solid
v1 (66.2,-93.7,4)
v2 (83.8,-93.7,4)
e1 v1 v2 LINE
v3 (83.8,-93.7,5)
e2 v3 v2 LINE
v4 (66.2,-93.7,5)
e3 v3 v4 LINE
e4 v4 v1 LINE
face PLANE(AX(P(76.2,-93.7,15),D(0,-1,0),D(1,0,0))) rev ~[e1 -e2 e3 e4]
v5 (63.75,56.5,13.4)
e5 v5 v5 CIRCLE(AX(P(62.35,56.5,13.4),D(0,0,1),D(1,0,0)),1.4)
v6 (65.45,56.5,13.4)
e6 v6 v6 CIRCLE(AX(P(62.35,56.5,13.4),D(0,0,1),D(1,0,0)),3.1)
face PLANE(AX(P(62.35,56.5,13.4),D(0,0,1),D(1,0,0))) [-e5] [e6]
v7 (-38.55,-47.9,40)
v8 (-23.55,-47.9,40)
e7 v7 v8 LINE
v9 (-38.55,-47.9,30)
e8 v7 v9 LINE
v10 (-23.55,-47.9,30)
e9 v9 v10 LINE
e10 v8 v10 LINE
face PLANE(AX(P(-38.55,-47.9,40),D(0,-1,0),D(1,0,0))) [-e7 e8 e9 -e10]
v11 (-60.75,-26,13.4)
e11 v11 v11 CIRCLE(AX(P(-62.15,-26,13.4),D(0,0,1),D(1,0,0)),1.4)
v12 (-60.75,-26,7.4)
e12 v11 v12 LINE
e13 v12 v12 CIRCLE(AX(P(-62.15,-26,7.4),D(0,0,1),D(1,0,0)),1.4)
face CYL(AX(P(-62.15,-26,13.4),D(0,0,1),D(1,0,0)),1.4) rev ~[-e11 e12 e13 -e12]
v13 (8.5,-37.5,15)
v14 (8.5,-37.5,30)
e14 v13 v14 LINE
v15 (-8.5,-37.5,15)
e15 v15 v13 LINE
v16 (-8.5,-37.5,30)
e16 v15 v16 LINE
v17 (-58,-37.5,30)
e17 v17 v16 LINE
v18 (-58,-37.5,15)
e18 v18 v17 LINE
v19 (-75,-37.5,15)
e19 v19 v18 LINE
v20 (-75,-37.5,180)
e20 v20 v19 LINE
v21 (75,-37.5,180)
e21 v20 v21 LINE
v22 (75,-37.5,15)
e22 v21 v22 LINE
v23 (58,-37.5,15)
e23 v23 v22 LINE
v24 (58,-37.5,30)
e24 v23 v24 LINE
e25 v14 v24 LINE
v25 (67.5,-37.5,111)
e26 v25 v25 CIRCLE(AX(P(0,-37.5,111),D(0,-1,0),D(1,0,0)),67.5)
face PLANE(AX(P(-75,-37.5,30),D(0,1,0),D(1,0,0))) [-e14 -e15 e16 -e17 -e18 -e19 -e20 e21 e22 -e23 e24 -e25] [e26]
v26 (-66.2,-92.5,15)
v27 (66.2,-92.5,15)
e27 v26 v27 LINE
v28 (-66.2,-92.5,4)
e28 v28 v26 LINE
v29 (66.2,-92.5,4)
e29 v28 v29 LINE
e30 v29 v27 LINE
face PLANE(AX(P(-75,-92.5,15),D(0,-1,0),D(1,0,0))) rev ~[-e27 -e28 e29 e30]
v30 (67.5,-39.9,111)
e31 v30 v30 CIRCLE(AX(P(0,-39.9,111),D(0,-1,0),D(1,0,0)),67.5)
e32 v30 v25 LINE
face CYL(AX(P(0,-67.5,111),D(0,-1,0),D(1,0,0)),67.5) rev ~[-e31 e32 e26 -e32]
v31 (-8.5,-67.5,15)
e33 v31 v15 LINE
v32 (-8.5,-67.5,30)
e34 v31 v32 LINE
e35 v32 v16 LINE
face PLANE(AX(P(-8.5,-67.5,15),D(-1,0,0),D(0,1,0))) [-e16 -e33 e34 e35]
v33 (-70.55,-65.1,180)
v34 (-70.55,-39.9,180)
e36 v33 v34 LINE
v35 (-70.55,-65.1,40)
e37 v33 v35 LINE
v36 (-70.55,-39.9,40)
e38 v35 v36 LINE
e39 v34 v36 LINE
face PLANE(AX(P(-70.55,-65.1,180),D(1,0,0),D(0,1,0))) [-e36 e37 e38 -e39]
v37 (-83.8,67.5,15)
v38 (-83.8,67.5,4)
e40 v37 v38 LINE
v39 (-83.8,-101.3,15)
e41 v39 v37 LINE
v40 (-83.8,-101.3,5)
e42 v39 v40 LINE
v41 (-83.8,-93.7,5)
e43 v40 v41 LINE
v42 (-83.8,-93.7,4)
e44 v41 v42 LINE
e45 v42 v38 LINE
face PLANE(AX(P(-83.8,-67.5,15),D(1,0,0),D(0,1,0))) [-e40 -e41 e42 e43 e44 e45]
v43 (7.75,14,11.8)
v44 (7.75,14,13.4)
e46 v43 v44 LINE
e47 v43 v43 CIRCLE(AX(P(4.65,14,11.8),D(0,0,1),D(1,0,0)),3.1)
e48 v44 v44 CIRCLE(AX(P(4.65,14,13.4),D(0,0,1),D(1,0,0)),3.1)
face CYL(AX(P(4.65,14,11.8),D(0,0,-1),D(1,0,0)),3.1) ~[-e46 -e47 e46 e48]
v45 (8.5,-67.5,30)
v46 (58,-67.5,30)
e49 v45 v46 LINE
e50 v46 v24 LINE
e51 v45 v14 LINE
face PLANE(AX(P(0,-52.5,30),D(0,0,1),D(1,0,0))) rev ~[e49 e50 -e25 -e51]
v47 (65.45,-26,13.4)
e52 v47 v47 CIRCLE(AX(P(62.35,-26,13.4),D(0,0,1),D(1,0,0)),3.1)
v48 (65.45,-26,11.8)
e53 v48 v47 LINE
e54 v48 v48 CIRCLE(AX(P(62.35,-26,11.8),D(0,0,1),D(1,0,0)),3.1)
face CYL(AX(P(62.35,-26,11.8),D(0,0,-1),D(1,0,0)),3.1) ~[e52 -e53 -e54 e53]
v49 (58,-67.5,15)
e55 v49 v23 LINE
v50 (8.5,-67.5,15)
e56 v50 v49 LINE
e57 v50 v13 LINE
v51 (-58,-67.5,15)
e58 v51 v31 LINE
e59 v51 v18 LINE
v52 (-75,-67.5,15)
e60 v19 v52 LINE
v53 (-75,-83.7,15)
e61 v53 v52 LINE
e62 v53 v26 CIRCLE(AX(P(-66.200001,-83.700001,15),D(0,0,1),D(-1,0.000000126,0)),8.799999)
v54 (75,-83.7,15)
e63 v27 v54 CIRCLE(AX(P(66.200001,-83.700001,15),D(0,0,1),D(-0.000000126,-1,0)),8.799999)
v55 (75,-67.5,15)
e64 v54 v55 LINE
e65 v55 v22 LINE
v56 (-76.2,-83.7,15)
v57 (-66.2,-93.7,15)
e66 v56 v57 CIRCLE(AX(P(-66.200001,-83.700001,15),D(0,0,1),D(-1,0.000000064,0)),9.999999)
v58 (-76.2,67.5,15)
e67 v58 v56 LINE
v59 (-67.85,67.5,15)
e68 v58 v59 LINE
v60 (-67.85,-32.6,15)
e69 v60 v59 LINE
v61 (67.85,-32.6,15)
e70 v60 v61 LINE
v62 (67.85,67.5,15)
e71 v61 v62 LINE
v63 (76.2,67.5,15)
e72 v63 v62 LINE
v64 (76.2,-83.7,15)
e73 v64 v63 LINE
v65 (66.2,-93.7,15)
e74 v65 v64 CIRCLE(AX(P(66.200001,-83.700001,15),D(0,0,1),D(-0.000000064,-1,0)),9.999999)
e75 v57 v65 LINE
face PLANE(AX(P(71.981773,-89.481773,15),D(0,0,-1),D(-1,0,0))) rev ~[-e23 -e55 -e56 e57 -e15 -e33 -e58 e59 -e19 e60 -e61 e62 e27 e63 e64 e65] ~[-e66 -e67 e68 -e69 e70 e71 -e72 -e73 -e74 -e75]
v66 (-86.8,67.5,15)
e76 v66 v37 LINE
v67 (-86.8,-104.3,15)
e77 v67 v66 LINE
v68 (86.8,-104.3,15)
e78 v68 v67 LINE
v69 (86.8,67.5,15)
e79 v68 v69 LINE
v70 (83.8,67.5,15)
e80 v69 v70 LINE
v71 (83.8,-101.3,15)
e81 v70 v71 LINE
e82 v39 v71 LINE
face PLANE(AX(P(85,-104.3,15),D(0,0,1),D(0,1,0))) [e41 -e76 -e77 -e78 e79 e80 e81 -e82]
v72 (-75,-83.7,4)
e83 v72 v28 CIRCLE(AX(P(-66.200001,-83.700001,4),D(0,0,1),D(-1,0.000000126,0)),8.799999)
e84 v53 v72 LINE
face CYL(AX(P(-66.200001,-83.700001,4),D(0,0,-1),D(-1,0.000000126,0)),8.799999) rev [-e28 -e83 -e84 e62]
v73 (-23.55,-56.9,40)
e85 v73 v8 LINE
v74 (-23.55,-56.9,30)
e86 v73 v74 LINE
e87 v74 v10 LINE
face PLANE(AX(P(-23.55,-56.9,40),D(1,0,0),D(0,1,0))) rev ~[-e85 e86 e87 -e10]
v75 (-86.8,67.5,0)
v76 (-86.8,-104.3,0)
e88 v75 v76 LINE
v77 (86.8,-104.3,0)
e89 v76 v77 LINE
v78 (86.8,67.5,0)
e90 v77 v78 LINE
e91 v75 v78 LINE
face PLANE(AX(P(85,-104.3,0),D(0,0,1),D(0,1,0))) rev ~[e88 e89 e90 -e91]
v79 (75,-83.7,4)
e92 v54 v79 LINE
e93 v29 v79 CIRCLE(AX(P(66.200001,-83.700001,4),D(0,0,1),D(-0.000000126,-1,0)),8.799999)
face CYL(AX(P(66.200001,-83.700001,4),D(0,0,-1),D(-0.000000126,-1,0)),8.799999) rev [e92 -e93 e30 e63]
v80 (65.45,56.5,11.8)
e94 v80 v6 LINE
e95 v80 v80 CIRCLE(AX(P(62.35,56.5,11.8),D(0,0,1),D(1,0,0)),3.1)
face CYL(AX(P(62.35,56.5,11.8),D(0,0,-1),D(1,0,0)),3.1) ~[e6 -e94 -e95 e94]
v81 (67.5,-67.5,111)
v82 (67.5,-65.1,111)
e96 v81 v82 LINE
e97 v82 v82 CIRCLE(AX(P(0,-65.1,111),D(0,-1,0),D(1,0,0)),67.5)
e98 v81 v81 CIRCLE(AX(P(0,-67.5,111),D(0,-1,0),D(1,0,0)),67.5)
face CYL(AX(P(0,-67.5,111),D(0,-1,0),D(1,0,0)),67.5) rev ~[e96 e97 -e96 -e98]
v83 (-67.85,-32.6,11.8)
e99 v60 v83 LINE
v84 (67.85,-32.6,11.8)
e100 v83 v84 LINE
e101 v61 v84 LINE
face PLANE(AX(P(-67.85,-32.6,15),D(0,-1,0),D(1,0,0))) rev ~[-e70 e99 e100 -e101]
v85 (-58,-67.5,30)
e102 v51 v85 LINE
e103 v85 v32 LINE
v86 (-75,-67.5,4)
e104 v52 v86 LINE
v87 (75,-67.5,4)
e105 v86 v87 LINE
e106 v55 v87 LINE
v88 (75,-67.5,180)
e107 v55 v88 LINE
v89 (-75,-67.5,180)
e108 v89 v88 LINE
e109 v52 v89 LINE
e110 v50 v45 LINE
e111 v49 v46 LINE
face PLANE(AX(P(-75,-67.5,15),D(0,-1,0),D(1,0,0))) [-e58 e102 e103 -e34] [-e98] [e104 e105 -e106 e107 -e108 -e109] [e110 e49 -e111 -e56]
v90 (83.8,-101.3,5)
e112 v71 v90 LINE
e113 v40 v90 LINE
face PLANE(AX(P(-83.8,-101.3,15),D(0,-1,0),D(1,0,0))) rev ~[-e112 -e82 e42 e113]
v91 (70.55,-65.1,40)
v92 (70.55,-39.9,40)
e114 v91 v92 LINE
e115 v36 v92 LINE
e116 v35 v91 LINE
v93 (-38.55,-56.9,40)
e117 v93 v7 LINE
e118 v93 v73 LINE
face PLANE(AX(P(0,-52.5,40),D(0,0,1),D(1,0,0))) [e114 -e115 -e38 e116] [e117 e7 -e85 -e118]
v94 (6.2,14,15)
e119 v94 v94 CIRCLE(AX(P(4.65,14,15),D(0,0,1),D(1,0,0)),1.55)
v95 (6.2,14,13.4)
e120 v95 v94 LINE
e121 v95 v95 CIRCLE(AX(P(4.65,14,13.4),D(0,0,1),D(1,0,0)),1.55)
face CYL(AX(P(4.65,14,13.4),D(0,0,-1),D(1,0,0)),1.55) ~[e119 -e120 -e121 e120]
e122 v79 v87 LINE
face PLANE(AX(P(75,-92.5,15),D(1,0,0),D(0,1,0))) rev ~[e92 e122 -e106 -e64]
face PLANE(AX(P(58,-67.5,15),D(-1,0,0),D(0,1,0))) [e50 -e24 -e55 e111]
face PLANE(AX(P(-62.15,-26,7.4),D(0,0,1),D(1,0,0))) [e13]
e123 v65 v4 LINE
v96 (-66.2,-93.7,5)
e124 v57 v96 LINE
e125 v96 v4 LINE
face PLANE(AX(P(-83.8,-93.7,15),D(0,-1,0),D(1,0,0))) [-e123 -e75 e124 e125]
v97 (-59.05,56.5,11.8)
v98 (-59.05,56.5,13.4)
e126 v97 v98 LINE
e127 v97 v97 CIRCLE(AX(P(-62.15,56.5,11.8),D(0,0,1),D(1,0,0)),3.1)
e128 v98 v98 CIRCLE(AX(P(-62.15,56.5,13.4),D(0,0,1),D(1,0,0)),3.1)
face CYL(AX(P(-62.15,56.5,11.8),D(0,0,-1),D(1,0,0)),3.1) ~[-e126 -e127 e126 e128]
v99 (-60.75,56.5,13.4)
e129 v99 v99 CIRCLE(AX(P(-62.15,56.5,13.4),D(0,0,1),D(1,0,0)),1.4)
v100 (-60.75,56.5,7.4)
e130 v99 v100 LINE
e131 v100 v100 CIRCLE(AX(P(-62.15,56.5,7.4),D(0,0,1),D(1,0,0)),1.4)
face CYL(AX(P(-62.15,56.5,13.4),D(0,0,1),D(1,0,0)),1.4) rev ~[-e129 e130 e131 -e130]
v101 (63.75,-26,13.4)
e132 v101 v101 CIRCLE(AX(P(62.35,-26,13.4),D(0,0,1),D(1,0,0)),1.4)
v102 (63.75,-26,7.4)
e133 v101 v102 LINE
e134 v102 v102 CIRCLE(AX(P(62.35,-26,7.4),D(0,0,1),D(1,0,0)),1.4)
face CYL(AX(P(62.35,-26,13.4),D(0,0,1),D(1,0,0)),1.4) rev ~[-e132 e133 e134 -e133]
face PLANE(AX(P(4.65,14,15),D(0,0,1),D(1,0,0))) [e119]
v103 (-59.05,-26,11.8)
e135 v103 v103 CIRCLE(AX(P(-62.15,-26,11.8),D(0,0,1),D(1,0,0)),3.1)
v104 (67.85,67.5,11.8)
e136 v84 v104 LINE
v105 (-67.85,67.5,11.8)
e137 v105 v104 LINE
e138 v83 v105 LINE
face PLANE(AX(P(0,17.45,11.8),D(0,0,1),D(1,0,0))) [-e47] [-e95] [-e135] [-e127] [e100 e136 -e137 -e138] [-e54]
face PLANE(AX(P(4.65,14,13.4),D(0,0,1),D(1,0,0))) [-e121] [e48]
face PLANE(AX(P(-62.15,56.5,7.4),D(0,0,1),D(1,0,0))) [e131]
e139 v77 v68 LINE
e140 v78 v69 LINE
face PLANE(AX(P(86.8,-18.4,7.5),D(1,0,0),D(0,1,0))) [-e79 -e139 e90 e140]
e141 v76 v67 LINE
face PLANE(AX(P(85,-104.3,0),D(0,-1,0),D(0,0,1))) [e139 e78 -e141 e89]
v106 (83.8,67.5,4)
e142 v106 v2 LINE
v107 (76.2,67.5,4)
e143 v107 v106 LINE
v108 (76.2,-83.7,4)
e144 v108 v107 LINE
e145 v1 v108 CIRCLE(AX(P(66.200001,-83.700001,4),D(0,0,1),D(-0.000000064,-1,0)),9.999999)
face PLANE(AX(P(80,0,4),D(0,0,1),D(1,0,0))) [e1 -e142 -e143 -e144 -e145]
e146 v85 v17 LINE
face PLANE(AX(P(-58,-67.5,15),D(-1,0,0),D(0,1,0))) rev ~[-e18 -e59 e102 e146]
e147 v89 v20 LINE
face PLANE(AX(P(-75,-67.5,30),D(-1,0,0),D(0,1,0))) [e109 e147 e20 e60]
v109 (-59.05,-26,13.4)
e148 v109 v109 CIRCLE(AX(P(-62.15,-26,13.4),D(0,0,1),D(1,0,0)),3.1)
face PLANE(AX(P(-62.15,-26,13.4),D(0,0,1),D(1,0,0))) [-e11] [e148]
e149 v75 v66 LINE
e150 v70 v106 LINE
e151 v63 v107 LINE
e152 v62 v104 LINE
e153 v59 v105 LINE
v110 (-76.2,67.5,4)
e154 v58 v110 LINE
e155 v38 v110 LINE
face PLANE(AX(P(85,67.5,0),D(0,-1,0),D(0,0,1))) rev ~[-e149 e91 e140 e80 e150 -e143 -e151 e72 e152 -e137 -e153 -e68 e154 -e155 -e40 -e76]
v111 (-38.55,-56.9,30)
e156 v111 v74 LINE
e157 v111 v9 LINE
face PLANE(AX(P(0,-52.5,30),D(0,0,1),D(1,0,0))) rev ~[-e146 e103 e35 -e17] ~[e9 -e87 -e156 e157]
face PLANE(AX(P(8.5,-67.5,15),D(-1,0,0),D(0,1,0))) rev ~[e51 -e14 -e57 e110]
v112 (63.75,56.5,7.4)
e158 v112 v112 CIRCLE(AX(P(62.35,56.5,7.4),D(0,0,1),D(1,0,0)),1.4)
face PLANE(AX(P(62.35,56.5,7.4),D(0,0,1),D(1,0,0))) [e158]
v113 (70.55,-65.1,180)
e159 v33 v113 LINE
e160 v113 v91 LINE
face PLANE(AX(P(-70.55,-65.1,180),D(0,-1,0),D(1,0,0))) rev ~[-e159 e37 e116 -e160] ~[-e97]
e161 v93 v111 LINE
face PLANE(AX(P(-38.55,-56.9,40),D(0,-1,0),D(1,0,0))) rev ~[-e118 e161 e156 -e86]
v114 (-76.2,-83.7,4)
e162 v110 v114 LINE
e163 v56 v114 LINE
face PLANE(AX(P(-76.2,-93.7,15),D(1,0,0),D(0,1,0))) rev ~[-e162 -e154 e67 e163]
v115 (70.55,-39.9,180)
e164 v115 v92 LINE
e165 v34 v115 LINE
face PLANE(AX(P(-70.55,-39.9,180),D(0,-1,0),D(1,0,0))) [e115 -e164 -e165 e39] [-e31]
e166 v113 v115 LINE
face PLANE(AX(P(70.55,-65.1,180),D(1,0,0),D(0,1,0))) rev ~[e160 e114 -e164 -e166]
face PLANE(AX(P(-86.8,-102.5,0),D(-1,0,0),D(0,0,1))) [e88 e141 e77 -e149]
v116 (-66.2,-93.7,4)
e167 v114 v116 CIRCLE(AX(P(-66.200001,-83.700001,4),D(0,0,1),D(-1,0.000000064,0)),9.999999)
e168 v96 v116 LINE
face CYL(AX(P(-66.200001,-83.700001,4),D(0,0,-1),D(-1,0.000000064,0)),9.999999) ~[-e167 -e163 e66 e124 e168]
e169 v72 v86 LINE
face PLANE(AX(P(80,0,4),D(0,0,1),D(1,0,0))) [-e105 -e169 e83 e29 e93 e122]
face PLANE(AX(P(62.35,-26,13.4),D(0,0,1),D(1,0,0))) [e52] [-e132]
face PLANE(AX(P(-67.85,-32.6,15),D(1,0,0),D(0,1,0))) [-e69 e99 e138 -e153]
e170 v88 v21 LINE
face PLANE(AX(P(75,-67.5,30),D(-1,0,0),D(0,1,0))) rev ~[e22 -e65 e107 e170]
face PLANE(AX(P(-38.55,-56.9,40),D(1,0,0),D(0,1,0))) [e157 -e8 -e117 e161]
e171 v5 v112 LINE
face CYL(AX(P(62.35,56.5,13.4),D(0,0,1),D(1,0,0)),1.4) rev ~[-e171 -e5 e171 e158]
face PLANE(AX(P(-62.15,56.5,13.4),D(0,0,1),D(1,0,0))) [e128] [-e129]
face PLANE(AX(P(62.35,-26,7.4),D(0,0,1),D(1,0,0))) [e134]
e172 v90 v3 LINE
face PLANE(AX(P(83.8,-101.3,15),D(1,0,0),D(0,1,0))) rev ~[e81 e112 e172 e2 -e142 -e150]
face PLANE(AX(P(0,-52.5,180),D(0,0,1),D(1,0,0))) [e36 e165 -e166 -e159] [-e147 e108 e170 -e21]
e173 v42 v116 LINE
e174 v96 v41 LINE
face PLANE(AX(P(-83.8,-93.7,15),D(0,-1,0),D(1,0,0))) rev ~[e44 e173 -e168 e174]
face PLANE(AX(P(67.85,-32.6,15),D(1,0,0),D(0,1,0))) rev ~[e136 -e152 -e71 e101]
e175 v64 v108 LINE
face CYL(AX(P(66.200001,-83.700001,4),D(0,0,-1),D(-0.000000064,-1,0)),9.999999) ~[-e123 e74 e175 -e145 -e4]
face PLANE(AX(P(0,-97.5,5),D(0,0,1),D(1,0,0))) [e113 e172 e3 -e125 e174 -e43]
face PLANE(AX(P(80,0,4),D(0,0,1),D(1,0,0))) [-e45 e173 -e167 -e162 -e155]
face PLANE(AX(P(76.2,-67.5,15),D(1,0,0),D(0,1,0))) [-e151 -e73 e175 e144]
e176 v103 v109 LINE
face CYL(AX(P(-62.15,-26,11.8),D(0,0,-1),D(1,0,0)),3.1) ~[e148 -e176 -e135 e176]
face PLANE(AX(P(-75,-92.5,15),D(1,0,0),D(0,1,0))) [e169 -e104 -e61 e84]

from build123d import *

# Parameters (mm, degrees)
SKETCH_W        = 150
SKETCH_H        = 135
PAD_DEPTH       = 15
SKETCH001_W     = 17
SKETCH001_H     = 30
PAD001_DEPTH    = 15
SKETCH002_W     = 150
SKETCH002_H     = 30
PAD002_DEPTH    = 150
SKETCH003_W     = 141.1
SKETCH003_H     = 25.2
POCKET_DEPTH    = 140
SKETCH004_W     = 15
SKETCH004_H     = 9
POCKET001_DEPTH = 10
SKETCH005_R     = 67.5
POCKET002_DEPTH = 30
SKETCH006_W     = 135.7
SKETCH006_H     = 100.1
POCKET003_DEPTH = 3.2
SKETCH007_R     = 3.1
PAD003_DEPTH    = 1.6
SKETCH008_R     = 1.4
POCKET004_DEPTH = 6
SKETCH009_R     = 1.55
PAD004_DEPTH    = 1.6
SKETCH010_W     = 135
SKETCH010_H     = 15
PAD005_DEPTH    = 10
SKETCH011_W     = 135
SKETCH011_H     = 15
PAD006_DEPTH    = 10
SKETCH012_W     = 7.6
SKETCH012_H     = 135
POCKET005_DEPTH = 11
SKETCH013_W     = 170
SKETCH013_H     = 15
PAD007_DEPTH    = 35
SKETCH014_W     = 150
SKETCH014_H     = 25
POCKET006_DEPTH = 11
SKETCH015_W     = 7.6
SKETCH015_H     = 26.2
POCKET007_DEPTH = 11
SKETCH016_W     = 167.6
SKETCH016_H     = 7.6
POCKET008_DEPTH = 10
SKETCH017_W     = 10
SKETCH017_H     = 10
POCKET009_DEPTH = 11
PAD008_DEPTH    = 11
SKETCH019_W     = 170
SKETCH019_H     = 15
PAD009_DEPTH    = 1.8
SKETCH020_W     = 171.8
SKETCH020_H     = 15
PAD010_DEPTH    = 1.8
SKETCH021_W     = 171.8
SKETCH021_H     = 15
PAD011_DEPTH    = 1.8


with BuildPart() as part:
    # Sketch → Pad (new body)
    with BuildSketch(Plane.XY):
        Rectangle(SKETCH_W, SKETCH_H)
    extrude(amount=PAD_DEPTH)

    # Sketch001 (on Face6 of Pad) → Pad001 (join)
    with BuildSketch(Plane.XY.offset(15)):
        with Locations((-66.5, -52.5)):
            Rectangle(SKETCH001_W, SKETCH001_H)
        with Locations((0, -52.5)):
            Rectangle(SKETCH001_W, SKETCH001_H)
        with Locations((66.5, -52.5)):
            Rectangle(SKETCH001_W, SKETCH001_H)
    extrude(amount=PAD001_DEPTH)

    # Sketch002 (on Face18 of Pad001) → Pad002 (join)
    with BuildSketch(Plane.XY.offset(30)):
        with Locations((0, -52.5)):
            Rectangle(SKETCH002_W, SKETCH002_H)
    extrude(amount=PAD002_DEPTH)

    # Sketch003 (on Face24 of Pad002) → Pocket (cut)
    with BuildSketch(Plane.XY.offset(180)):
        with Locations((0, -52.5)):
            Rectangle(SKETCH003_W, SKETCH003_H)
    extrude(amount=-POCKET_DEPTH, mode=Mode.SUBTRACT)

    # Sketch004 (on Face30 of Pocket) → Pocket001 (cut)
    with BuildSketch(Plane.XY.offset(40)):
        with Locations((-31.05, -52.4)):
            Rectangle(SKETCH004_W, SKETCH004_H)
    extrude(amount=-POCKET001_DEPTH, mode=Mode.SUBTRACT)

    # Sketch005 (on Face20 of Pocket001) → Pocket002 (cut)
    with BuildSketch(Plane.XZ.offset(67.5)):
        with Locations((0, 111)):
            Circle(SKETCH005_R)
    extrude(amount=-POCKET002_DEPTH, mode=Mode.SUBTRACT)

    # Sketch006 (on Face5 of Pocket002) → Pocket003 (cut)
    with BuildSketch(Plane.XY.offset(15)):
        with Locations((0, 17.45)):
            Rectangle(SKETCH006_W, SKETCH006_H)
    extrude(amount=-POCKET003_DEPTH, mode=Mode.SUBTRACT)

    # Sketch007 (on Face8 of Pocket003) → Pad003 (join)
    with BuildSketch(Plane.XY.offset(11.8)):
        with Locations((-62.15, 56.5)):
            Circle(SKETCH007_R)
        with Locations((-62.15, -26)):
            Circle(SKETCH007_R)
        with Locations((62.35, -26)):
            Circle(SKETCH007_R)
        with Locations((62.35, 56.5)):
            Circle(SKETCH007_R)
        with Locations((4.65, 14)):
            Circle(SKETCH007_R)
    extrude(amount=PAD003_DEPTH)

    # Sketch008 (on Face37 of Pad003) → Pocket004 (cut)
    with BuildSketch(Plane.XY.offset(13.4)):
        with Locations((-62.15, 56.5)):
            Circle(SKETCH008_R)
        with Locations((62.35, -26)):
            Circle(SKETCH008_R)
        with Locations((62.35, 56.5)):
            Circle(SKETCH008_R)
        with Locations((-62.15, -26)):
            Circle(SKETCH008_R)
    extrude(amount=-POCKET004_DEPTH, mode=Mode.SUBTRACT)

    # Sketch009 (on Face36 of Pocket004) → Pad004 (join)
    with BuildSketch(Plane.XY.offset(13.4)):
        with Locations((4.65, 14)):
            Circle(SKETCH009_R)
    extrude(amount=PAD004_DEPTH)

    # Sketch010 (on Face10 of Pad004) → Pad005 (join)
    with BuildSketch(Plane.YZ.offset(75)):
        with Locations((0, 7.5)):
            Rectangle(SKETCH010_W, SKETCH010_H)
    extrude(amount=PAD005_DEPTH)

    # Sketch011 (on Face1 of Pad005) → Pad006 (join)
    with BuildSketch(Plane(origin=(-75, 0, 0), x_dir=(0, -1, 0), z_dir=(-1, 0, 0))):
        with Locations((0, 7.5)):
            Rectangle(SKETCH011_W, SKETCH011_H)
    extrude(amount=PAD006_DEPTH)

    # Sketch012 (on Face14 of Pad006) → Pocket005 (cut)
    with BuildSketch(Plane.XY.offset(15)):
        with Locations((-80, 0)):
            Rectangle(SKETCH012_W, SKETCH012_H)
        with Locations((80, 0)):
            Rectangle(SKETCH012_W, SKETCH012_H)
    extrude(amount=-POCKET005_DEPTH, mode=Mode.SUBTRACT)

    # Sketch013 (on Face10 of Pocket005) → Pad007 (join)
    with BuildSketch(Plane.XZ.offset(67.5)):
        with Locations((0, 7.5)):
            Rectangle(SKETCH013_W, SKETCH013_H)
    extrude(amount=PAD007_DEPTH)

    # Sketch014 (on Face21 of Pad007) → Pocket006 (cut)
    with BuildSketch(Plane.XY.offset(15)):
        with Locations((0, -80)):
            Rectangle(SKETCH014_W, SKETCH014_H)
    extrude(amount=-POCKET006_DEPTH, mode=Mode.SUBTRACT)

    # Sketch015 (on Face42 of Pocket006) → Pocket007 (cut)
    with BuildSketch(Plane.XY.offset(15)):
        with Locations((-80, -80.6)):
            Rectangle(SKETCH015_W, SKETCH015_H)
        with Locations((80, -80.6)):
            Rectangle(SKETCH015_W, SKETCH015_H)
    extrude(amount=-POCKET007_DEPTH, mode=Mode.SUBTRACT)

    # Sketch016 (on Face42 of Pocket007) → Pocket008 (cut)
    with BuildSketch(Plane.XY.offset(15)):
        with Locations((0, -97.5)):
            Rectangle(SKETCH016_W, SKETCH016_H)
    extrude(amount=-POCKET008_DEPTH, mode=Mode.SUBTRACT)

    # Sketch017 (on Face42 of Pocket008) → Pocket009 (cut)
    with BuildSketch(Plane.XY.offset(15)):
        with Locations((-71.2, -88.7)):
            Rectangle(SKETCH017_W, SKETCH017_H)
        with Locations((71.2, -88.7)):
            Rectangle(SKETCH017_W, SKETCH017_H)
    extrude(amount=-POCKET009_DEPTH, mode=Mode.SUBTRACT)

    # Sketch018 (on Face80 of Pocket009) → Pad008 (join)
    with BuildSketch(Plane.XY.offset(4)):
        with BuildLine():
            ThreePointArc((66.2, -92.5), (72.42254, -89.92254), (75, -83.7))
            Line((75, -83.7), (76.2, -83.7))
            ThreePointArc((66.2, -93.7), (73.271068, -90.771068), (76.2, -83.7))
            Line((66.2, -93.7), (66.2, -92.5))
        make_face()
        with BuildLine():
            ThreePointArc((-75, -83.7), (-72.42254, -89.92254), (-66.2, -92.5))
            Line((-66.2, -93.7), (-66.2, -92.5))
            ThreePointArc((-76.2, -83.7), (-73.271068, -90.771068), (-66.2, -93.7))
            Line((-76.2, -83.7), (-75, -83.7))
        make_face()
    extrude(amount=PAD008_DEPTH)

    # Sketch019 (on Face17 of Pad008) → Pad009 (join)
    with BuildSketch(Plane(origin=(-85, 0, 0), x_dir=(0, -1, 0), z_dir=(-1, 0, 0))):
        with Locations((17.5, 7.5)):
            Rectangle(SKETCH019_W, SKETCH019_H)
    extrude(amount=PAD009_DEPTH)

    # Sketch020 (on Face40 of Pad009) → Pad010 (join)
    with BuildSketch(Plane.XZ.offset(102.5)):
        with Locations((-0.9, 7.5)):
            Rectangle(SKETCH020_W, SKETCH020_H)
    extrude(amount=PAD010_DEPTH)

    # Sketch021 (on Face39 of Pad010) → Pad011 (join)
    with BuildSketch(Plane.YZ.offset(85)):
        with Locations((-18.4, 7.5)):
            Rectangle(SKETCH021_W, SKETCH021_H)
    extrude(amount=PAD011_DEPTH)


solid = part.part
